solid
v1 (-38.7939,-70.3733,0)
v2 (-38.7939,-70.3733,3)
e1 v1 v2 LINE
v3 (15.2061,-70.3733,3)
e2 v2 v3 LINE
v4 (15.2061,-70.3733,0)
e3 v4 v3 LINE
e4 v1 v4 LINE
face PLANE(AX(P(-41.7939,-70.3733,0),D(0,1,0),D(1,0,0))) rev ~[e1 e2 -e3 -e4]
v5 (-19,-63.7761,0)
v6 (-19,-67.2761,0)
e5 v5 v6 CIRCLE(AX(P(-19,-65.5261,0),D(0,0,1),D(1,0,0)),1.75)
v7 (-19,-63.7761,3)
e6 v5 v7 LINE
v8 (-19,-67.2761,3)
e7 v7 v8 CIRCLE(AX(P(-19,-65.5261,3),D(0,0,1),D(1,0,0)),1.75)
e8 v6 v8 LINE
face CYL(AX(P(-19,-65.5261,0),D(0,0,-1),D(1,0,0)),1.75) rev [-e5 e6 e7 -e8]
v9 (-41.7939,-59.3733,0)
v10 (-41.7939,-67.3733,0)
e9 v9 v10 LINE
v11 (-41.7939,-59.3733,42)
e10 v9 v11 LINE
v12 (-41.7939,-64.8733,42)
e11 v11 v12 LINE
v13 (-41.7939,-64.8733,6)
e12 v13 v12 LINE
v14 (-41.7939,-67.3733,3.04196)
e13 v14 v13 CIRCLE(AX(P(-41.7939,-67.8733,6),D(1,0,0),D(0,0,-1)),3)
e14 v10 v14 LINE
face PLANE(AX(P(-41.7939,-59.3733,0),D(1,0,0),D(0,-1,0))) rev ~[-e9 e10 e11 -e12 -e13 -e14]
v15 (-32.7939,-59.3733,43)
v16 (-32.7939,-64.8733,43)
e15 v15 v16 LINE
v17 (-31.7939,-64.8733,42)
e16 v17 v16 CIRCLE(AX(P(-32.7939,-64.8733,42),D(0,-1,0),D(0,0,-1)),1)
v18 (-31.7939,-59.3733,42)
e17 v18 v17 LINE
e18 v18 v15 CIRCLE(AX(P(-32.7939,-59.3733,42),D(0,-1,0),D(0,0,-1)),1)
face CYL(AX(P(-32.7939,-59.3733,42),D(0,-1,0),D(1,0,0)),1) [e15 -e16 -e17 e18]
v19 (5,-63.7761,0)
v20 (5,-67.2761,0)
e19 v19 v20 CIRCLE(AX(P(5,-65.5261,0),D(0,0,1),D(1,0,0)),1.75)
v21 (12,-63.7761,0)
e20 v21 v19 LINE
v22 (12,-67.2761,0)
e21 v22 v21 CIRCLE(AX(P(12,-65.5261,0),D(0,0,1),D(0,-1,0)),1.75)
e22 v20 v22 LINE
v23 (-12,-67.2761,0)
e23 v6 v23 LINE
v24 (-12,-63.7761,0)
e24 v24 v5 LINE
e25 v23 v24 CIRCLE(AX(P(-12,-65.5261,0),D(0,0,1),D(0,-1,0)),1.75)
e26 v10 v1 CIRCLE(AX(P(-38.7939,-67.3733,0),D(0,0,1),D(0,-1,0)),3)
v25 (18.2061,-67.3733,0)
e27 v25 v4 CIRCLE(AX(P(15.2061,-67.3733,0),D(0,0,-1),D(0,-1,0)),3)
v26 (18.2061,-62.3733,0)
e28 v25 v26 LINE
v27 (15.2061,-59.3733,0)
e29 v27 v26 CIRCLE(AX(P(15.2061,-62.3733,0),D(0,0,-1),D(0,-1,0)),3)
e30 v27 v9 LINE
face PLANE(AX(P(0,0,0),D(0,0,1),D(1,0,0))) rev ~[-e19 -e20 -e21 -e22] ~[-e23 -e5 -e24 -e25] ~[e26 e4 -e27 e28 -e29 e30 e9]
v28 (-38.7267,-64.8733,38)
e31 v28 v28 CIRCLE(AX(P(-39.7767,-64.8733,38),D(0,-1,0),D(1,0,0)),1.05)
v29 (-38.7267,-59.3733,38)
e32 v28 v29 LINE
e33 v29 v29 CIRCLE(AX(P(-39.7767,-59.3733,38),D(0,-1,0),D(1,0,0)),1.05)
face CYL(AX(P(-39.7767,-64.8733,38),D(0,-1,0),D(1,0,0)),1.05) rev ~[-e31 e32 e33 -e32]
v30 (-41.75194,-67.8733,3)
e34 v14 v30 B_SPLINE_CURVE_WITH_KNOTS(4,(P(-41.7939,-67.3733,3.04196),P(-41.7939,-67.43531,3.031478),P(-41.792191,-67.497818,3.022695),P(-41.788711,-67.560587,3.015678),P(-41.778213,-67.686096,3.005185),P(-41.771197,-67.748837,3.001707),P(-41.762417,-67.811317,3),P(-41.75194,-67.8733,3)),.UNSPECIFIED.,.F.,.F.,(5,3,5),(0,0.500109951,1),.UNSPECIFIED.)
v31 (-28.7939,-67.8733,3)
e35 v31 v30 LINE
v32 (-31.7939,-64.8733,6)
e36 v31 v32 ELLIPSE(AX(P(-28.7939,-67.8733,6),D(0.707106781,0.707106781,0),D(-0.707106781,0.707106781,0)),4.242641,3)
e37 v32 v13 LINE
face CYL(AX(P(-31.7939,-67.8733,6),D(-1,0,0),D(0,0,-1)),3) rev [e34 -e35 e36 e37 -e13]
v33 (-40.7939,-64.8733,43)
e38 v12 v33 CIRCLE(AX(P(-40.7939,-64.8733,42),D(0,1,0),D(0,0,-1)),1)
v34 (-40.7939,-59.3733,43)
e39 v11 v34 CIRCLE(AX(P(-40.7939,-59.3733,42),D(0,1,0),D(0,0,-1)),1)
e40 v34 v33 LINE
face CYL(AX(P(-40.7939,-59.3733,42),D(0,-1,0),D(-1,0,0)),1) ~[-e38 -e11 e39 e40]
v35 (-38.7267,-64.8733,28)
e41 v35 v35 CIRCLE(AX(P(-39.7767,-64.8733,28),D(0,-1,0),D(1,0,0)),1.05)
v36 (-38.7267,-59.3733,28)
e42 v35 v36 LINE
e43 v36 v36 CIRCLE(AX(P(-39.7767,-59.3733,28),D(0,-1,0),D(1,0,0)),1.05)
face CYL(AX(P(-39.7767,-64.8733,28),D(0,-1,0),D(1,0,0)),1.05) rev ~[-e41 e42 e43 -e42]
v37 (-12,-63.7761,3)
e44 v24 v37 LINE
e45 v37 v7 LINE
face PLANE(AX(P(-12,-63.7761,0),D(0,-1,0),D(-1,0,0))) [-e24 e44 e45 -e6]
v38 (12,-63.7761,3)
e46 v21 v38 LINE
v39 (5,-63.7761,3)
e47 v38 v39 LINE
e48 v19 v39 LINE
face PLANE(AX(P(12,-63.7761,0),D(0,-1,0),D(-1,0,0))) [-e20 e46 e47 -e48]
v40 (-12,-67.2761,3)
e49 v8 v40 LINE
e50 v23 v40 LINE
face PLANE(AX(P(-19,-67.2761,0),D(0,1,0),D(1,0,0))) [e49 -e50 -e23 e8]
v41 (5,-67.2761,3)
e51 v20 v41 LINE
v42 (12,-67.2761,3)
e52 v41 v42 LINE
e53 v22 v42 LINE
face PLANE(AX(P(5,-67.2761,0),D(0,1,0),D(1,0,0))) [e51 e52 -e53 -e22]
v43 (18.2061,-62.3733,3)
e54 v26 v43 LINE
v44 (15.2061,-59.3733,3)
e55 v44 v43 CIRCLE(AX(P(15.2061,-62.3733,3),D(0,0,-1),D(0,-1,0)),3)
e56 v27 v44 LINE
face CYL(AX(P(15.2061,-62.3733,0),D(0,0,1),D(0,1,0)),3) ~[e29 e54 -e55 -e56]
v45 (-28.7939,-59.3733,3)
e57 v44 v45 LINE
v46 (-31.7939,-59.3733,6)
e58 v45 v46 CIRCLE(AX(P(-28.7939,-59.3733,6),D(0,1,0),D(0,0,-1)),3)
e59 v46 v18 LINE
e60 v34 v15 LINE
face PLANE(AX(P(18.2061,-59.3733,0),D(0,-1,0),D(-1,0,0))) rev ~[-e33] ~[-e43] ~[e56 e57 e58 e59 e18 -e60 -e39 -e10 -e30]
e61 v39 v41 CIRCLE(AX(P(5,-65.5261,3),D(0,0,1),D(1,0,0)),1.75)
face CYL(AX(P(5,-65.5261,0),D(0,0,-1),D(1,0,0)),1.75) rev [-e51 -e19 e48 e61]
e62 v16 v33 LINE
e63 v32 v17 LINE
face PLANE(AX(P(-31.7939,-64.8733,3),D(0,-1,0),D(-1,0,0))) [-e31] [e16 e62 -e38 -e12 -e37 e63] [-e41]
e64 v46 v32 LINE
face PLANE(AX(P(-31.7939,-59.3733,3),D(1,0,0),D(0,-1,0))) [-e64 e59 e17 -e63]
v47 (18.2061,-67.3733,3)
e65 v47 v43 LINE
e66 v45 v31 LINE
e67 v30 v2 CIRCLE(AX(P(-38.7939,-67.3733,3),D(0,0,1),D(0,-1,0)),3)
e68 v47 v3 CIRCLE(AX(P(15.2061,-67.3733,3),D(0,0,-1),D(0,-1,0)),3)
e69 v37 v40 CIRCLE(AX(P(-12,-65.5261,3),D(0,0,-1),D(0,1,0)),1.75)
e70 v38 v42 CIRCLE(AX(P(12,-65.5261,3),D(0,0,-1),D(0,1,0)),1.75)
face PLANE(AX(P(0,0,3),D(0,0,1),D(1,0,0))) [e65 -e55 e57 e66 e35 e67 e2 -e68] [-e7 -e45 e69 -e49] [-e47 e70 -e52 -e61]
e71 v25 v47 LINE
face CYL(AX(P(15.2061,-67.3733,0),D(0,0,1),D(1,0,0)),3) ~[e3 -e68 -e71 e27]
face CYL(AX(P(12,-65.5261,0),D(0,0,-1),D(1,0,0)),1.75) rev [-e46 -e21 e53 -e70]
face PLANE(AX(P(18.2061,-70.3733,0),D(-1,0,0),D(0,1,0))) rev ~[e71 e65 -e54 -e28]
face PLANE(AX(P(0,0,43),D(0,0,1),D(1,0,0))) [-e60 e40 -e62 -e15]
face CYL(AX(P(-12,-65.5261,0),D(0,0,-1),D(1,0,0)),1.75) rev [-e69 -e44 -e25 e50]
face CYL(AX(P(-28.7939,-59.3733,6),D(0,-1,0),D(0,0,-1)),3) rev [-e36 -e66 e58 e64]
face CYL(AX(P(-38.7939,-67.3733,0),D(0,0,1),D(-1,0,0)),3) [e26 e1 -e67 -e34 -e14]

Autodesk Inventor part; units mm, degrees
ref_plane "YZ Plane" through (0, 0, 0) normal (1, 0, 0) x (0, 1, 0)
ref_plane "XZ Plane" through (0, 0, 0) normal (0, 1, 0) x (-1, 0, 0)
ref_plane "XY Plane" through (0, 0, 0) normal (0, 0, 1) x (1, 0, 0)
ref_plane "Work Plane1" through (0, 0, 0) normal (0, 0, 1) x (1, 0, 0)
sketch "Sketch1" plane through (0, 0, 0) normal (0, 0, 1) x (1, 0, 0)
  line L0 (18.2061, -59.3733) -> (-41.7939, -59.3733)
  line L1 (-41.7939, -59.3733) -> (-41.7939, -70.3733)
  line L2 (-41.7939, -70.3733) -> (18.2061, -70.3733)
  line L3 (18.2061, -70.3733) -> (18.2061, -59.3733)
  circle A0 centre (12, -65.5261) radius 1.75 projected
  circle A1 centre (-12, -65.5261) radius 1.75 projected
  line L4 (-12, -67.2761) -> (-12, -63.7761)
  line L5 (-12, -63.7761) -> (-19, -63.7761)
  line L6 (-19, -63.7761) -> (-19, -67.2761)
  line L7 (-19, -67.2761) -> (-12, -67.2761)
  line L8 (-12, -67.2761) -> (-12, -63.7761)
  line L9 (12, -67.2761) -> (12, -63.7761)
  line L10 (12, -63.7761) -> (5, -63.7761)
  line L11 (5, -63.7761) -> (5, -67.2761)
  line L12 (5, -67.2761) -> (12, -67.2761)
  line L13 (12, -67.2761) -> (12, -63.7761)
  circle A2 centre (-19, -65.5261) radius 1.75
  circle A3 centre (5, -65.5261) radius 1.75
  point P0 (0, 0)
  dimension "d0" = 60
  dimension "d1" = 11
  dimension "d13" = 7
  dimension "d14" = 7
extrude "Extrusion1" add sketch "Sketch1" along normal blind 3
sketch "Sketch2" plane through (0, 0, 3) normal (0, 0, 1) x (1, 0, 0)
  line L0 (-41.7939, -59.3733) -> (-41.7939, -70.3733) projected
  line L1 (-41.7939, -59.3733) -> (-31.7939, -59.3733)
  line L2 (-31.7939, -59.3733) -> (-31.7939, -64.8733)
  line L3 (-31.7939, -64.8733) -> (-41.7939, -64.8733)
  line L4 (-41.7939, -64.8733) -> (-41.7939, -59.3733)
  point P0 (0, 0)
  dimension "d4" = 10
  dimension "d5" = 5.5
extrude "Extrusion2" add sketch "Sketch2" along normal blind 40
sketch "Sketch3" plane through (-41.7939, -64.8733, 3) normal (0, -1, 0) x (1, 0, 0)
  circle A0 centre (2.0172, 35) radius 1.05 projected
  circle A1 centre (2.0172, 25) radius 1.05 projected
  point P0 (41.7939, -3)
extrude "Extrusion3" cut sketch "Sketch3" against normal blind 5.5
fillet "Fillet1" radius 1 2 edges at (-41.7939, -62.1233, 43) (-31.7939, -62.1233, 43)
fillet "Fillet2" radius 3 2 edges at (-36.7939, -64.8733, 3) (-31.7939, -62.1233, 3)
fillet "Fillet3" radius 3 3 edges at (18.2061, -59.3733, 1.5) (18.2061, -70.3733, 1.5) (-41.7939, -70.3733, 1.5)
properties part number "Homing_switch_holder"
